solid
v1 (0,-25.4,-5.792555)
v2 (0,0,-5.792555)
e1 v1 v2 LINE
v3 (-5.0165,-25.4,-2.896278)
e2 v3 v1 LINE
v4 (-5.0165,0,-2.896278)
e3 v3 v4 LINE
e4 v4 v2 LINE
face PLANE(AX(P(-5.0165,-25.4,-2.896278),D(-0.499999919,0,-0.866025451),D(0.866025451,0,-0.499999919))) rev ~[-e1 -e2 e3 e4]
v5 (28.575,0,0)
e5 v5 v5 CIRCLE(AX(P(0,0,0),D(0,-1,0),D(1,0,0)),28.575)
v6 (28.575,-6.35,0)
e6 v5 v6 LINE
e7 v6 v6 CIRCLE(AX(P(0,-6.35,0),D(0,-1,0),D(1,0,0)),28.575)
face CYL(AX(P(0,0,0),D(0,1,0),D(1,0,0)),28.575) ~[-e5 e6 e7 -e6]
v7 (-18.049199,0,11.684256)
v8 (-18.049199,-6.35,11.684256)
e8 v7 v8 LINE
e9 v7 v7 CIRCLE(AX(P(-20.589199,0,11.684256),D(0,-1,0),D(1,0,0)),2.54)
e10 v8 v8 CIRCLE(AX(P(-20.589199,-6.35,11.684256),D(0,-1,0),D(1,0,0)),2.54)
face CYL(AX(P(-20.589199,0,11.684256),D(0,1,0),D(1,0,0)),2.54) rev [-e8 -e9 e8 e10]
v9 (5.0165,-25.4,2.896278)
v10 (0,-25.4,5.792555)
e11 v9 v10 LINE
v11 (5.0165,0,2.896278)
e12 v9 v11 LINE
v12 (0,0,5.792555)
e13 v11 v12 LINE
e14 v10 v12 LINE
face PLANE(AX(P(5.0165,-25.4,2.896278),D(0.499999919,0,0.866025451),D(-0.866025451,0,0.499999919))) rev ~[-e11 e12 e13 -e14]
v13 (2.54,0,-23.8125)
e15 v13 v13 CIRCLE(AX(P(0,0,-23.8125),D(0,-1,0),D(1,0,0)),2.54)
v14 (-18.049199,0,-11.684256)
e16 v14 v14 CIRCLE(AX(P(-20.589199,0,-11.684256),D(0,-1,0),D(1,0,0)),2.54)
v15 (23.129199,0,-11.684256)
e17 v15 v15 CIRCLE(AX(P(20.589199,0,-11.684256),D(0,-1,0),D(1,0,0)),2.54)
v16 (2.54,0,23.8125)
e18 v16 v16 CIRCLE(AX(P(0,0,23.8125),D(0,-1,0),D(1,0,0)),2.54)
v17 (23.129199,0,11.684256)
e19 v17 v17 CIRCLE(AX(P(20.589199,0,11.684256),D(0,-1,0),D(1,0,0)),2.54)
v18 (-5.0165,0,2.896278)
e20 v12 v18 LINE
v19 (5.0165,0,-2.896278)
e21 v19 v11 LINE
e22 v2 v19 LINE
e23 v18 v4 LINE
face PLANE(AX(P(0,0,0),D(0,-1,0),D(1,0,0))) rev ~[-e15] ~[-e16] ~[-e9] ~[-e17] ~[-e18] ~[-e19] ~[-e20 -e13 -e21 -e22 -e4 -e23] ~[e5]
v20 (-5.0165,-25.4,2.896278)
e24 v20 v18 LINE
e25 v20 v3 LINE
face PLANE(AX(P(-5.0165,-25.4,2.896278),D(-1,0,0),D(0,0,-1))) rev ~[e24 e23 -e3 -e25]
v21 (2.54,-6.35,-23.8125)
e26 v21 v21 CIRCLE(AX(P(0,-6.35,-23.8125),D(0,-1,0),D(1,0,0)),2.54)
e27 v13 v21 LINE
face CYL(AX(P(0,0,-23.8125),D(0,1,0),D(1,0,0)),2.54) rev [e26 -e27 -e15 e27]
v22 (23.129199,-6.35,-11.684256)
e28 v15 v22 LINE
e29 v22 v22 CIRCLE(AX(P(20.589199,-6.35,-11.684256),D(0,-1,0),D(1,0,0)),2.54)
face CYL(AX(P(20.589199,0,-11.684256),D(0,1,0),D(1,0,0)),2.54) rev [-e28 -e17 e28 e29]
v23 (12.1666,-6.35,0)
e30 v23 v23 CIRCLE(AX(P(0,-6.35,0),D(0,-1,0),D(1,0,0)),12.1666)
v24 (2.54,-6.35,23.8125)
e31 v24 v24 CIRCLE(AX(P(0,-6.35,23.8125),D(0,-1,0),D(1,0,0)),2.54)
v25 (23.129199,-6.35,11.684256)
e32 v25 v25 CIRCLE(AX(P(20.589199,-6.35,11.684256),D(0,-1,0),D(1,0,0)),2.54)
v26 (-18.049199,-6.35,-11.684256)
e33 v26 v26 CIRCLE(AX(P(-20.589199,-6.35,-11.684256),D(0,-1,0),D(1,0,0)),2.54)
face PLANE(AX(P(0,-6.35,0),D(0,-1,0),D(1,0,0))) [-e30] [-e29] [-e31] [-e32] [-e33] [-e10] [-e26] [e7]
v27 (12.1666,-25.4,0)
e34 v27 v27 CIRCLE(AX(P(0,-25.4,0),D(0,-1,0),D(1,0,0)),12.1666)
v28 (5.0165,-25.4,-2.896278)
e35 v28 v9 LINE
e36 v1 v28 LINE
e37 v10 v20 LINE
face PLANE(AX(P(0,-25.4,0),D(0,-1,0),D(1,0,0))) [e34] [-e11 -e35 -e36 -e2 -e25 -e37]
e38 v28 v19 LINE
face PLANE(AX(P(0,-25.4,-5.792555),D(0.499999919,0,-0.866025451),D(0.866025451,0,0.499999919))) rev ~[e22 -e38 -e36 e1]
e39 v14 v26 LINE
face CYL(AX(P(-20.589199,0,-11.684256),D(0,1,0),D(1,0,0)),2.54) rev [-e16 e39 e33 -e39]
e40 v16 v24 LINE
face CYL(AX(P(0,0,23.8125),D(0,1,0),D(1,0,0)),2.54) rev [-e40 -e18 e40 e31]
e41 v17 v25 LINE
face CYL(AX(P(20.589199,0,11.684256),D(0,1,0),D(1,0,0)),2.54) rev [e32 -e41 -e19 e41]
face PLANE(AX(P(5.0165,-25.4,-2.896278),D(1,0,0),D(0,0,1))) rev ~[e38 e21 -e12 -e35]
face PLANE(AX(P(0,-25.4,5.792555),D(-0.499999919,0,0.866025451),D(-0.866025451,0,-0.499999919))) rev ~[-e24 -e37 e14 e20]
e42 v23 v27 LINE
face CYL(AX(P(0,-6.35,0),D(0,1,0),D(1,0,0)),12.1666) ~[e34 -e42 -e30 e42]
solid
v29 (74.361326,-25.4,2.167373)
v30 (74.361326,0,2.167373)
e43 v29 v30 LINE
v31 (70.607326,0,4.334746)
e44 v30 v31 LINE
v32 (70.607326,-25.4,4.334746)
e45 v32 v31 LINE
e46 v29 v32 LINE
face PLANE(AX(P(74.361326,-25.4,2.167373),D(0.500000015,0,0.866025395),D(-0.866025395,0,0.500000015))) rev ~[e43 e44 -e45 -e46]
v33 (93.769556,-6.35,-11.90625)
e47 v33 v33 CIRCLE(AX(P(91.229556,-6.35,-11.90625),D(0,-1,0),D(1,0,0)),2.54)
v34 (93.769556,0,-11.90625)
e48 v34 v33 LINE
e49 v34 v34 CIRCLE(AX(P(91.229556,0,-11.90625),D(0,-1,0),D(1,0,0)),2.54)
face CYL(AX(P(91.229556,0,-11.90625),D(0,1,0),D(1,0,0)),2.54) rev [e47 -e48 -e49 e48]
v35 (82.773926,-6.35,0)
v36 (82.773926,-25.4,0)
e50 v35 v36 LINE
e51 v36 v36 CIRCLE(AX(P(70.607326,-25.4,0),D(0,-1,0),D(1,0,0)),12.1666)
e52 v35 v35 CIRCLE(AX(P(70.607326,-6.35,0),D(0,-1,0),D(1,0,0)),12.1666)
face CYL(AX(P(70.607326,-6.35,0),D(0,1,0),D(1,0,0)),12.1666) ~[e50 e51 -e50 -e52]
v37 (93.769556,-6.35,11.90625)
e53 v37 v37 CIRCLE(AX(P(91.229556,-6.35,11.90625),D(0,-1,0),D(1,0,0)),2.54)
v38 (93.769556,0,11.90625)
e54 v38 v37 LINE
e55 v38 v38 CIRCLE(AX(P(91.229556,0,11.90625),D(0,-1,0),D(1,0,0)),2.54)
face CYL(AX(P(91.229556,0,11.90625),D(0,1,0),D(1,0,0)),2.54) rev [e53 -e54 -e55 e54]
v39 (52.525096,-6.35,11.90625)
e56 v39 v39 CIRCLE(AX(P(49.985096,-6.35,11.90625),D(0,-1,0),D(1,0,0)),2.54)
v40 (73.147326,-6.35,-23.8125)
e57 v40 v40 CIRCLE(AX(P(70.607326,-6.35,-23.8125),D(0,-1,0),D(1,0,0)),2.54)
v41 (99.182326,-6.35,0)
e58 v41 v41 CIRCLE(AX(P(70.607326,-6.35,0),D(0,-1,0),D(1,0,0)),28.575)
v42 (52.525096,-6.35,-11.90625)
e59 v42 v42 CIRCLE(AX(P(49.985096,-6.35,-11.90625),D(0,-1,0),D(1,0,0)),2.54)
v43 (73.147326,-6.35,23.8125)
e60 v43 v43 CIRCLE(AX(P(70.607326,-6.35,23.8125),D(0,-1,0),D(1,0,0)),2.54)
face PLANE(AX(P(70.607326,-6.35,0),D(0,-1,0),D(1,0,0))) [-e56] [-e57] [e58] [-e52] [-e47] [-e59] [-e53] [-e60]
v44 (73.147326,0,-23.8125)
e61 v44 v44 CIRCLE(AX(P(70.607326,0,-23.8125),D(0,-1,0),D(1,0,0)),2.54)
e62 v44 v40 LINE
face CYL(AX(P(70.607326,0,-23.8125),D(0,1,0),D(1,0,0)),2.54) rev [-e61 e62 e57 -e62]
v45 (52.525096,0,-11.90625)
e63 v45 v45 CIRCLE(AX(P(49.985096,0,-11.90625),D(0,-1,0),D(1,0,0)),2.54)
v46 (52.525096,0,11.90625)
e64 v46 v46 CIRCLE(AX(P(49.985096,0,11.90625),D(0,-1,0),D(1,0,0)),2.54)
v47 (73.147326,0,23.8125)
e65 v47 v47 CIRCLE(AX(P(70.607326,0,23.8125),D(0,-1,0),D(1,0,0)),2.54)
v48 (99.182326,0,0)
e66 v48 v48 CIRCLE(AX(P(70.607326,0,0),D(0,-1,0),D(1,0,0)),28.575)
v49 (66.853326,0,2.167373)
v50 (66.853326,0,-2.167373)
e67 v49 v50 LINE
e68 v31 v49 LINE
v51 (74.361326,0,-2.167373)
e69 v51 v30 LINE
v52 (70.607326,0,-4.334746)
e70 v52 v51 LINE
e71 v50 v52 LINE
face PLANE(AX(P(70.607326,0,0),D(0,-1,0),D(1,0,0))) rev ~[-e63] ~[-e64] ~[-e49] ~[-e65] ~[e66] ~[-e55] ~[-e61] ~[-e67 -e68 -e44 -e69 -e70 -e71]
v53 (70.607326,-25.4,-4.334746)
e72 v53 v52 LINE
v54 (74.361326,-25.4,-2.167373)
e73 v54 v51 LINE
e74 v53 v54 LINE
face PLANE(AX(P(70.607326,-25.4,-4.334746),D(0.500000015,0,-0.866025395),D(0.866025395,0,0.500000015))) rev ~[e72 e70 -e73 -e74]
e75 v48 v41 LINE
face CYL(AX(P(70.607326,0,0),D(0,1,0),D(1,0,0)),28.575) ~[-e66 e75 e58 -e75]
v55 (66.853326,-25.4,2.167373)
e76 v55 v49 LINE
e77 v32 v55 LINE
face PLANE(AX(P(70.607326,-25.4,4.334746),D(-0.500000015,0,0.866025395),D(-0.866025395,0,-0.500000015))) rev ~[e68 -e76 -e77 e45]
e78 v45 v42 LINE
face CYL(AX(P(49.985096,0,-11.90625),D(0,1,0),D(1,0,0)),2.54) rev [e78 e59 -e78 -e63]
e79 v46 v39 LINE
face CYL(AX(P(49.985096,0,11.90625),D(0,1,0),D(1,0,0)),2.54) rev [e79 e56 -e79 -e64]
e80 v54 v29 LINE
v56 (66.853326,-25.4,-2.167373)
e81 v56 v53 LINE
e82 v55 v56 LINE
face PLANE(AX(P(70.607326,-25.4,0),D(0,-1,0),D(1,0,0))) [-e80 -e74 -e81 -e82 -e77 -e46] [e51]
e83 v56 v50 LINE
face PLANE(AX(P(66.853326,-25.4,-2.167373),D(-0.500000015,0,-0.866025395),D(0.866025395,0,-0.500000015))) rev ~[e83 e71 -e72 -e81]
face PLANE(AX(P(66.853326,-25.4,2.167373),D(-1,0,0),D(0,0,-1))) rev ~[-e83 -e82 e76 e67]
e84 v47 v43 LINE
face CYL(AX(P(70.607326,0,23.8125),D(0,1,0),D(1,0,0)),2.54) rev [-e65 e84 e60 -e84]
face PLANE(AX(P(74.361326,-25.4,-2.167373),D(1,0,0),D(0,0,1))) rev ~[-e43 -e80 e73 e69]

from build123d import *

# Parameters (mm, degrees)
F0_R     = 28.575
F0_R_2   = 2.54
F1_DEPTH = 6.35
F2_R     = 12.1666
F3_DEPTH = 19.05
F5_DEPTH = 25.401
F6_DEPTH = 25.401


with BuildPart() as f1:
    # F0 (on Front) → F1 (new body)
    with BuildSketch(Plane.XZ):
        Circle(F0_R)
        with Locations((0, -23.8125)):
            Circle(F0_R_2, mode=Mode.SUBTRACT)
        with Locations((-20.589199, -11.684256)):
            Circle(F0_R_2, mode=Mode.SUBTRACT)
        with Locations((20.589199, -11.684256)):
            Circle(F0_R_2, mode=Mode.SUBTRACT)
        with Locations((-20.589199, 11.684256)):
            Circle(F0_R_2, mode=Mode.SUBTRACT)
        with Locations((20.589199, 11.684256)):
            Circle(F0_R_2, mode=Mode.SUBTRACT)
        with Locations((0, 23.8125)):
            Circle(F0_R_2, mode=Mode.SUBTRACT)
        with Locations((70.607326, 0)):
            Circle(F0_R)
        with Locations((70.607326, -23.8125)):
            Circle(F0_R_2, mode=Mode.SUBTRACT)
        with Locations((49.985096, -11.90625)):
            Circle(F0_R_2, mode=Mode.SUBTRACT)
        with Locations((91.229556, -11.90625)):
            Circle(F0_R_2, mode=Mode.SUBTRACT)
        with Locations((49.985096, 11.90625)):
            Circle(F0_R_2, mode=Mode.SUBTRACT)
        with Locations((91.229556, 11.90625)):
            Circle(F0_R_2, mode=Mode.SUBTRACT)
        with Locations((70.607326, 23.8125)):
            Circle(F0_R_2, mode=Mode.SUBTRACT)
    extrude(amount=F1_DEPTH)

    # F2 (on face) → F3 (join)
    with BuildSketch(Plane.XZ.offset(6.35)):
        Circle(F2_R)
        with Locations((70.607326, 0)):
            Circle(F2_R)
    extrude(amount=F3_DEPTH)

    # F4 (on face) → F5 (cut, through all)
    with BuildSketch(Plane.XZ.offset(25.4)):
        Polygon((0, 5.792555), (-5.0165, 2.896278), (-5.0165, -2.896278), (0, -5.792555), (5.0165, -2.896278), (5.0165, 2.896278), align=None)
        Polygon((74.361326, 2.167373), (70.607326, 4.334746), (66.853326, 2.167373), (66.853326, -2.167373), (70.607326, -4.334746), (74.361326, -2.167373), align=None)
    extrude(amount=-F5_DEPTH, mode=Mode.SUBTRACT)

    # F4 (on face) → F6 (cut, through all)
    with BuildSketch(Plane.XZ.offset(25.4)):
        Polygon((74.361326, 2.167373), (70.607326, 4.334746), (66.853326, 2.167373), (66.853326, -2.167373), (70.607326, -4.334746), (74.361326, -2.167373), align=None)
    extrude(amount=-F6_DEPTH, mode=Mode.SUBTRACT)


solid = f1.part
